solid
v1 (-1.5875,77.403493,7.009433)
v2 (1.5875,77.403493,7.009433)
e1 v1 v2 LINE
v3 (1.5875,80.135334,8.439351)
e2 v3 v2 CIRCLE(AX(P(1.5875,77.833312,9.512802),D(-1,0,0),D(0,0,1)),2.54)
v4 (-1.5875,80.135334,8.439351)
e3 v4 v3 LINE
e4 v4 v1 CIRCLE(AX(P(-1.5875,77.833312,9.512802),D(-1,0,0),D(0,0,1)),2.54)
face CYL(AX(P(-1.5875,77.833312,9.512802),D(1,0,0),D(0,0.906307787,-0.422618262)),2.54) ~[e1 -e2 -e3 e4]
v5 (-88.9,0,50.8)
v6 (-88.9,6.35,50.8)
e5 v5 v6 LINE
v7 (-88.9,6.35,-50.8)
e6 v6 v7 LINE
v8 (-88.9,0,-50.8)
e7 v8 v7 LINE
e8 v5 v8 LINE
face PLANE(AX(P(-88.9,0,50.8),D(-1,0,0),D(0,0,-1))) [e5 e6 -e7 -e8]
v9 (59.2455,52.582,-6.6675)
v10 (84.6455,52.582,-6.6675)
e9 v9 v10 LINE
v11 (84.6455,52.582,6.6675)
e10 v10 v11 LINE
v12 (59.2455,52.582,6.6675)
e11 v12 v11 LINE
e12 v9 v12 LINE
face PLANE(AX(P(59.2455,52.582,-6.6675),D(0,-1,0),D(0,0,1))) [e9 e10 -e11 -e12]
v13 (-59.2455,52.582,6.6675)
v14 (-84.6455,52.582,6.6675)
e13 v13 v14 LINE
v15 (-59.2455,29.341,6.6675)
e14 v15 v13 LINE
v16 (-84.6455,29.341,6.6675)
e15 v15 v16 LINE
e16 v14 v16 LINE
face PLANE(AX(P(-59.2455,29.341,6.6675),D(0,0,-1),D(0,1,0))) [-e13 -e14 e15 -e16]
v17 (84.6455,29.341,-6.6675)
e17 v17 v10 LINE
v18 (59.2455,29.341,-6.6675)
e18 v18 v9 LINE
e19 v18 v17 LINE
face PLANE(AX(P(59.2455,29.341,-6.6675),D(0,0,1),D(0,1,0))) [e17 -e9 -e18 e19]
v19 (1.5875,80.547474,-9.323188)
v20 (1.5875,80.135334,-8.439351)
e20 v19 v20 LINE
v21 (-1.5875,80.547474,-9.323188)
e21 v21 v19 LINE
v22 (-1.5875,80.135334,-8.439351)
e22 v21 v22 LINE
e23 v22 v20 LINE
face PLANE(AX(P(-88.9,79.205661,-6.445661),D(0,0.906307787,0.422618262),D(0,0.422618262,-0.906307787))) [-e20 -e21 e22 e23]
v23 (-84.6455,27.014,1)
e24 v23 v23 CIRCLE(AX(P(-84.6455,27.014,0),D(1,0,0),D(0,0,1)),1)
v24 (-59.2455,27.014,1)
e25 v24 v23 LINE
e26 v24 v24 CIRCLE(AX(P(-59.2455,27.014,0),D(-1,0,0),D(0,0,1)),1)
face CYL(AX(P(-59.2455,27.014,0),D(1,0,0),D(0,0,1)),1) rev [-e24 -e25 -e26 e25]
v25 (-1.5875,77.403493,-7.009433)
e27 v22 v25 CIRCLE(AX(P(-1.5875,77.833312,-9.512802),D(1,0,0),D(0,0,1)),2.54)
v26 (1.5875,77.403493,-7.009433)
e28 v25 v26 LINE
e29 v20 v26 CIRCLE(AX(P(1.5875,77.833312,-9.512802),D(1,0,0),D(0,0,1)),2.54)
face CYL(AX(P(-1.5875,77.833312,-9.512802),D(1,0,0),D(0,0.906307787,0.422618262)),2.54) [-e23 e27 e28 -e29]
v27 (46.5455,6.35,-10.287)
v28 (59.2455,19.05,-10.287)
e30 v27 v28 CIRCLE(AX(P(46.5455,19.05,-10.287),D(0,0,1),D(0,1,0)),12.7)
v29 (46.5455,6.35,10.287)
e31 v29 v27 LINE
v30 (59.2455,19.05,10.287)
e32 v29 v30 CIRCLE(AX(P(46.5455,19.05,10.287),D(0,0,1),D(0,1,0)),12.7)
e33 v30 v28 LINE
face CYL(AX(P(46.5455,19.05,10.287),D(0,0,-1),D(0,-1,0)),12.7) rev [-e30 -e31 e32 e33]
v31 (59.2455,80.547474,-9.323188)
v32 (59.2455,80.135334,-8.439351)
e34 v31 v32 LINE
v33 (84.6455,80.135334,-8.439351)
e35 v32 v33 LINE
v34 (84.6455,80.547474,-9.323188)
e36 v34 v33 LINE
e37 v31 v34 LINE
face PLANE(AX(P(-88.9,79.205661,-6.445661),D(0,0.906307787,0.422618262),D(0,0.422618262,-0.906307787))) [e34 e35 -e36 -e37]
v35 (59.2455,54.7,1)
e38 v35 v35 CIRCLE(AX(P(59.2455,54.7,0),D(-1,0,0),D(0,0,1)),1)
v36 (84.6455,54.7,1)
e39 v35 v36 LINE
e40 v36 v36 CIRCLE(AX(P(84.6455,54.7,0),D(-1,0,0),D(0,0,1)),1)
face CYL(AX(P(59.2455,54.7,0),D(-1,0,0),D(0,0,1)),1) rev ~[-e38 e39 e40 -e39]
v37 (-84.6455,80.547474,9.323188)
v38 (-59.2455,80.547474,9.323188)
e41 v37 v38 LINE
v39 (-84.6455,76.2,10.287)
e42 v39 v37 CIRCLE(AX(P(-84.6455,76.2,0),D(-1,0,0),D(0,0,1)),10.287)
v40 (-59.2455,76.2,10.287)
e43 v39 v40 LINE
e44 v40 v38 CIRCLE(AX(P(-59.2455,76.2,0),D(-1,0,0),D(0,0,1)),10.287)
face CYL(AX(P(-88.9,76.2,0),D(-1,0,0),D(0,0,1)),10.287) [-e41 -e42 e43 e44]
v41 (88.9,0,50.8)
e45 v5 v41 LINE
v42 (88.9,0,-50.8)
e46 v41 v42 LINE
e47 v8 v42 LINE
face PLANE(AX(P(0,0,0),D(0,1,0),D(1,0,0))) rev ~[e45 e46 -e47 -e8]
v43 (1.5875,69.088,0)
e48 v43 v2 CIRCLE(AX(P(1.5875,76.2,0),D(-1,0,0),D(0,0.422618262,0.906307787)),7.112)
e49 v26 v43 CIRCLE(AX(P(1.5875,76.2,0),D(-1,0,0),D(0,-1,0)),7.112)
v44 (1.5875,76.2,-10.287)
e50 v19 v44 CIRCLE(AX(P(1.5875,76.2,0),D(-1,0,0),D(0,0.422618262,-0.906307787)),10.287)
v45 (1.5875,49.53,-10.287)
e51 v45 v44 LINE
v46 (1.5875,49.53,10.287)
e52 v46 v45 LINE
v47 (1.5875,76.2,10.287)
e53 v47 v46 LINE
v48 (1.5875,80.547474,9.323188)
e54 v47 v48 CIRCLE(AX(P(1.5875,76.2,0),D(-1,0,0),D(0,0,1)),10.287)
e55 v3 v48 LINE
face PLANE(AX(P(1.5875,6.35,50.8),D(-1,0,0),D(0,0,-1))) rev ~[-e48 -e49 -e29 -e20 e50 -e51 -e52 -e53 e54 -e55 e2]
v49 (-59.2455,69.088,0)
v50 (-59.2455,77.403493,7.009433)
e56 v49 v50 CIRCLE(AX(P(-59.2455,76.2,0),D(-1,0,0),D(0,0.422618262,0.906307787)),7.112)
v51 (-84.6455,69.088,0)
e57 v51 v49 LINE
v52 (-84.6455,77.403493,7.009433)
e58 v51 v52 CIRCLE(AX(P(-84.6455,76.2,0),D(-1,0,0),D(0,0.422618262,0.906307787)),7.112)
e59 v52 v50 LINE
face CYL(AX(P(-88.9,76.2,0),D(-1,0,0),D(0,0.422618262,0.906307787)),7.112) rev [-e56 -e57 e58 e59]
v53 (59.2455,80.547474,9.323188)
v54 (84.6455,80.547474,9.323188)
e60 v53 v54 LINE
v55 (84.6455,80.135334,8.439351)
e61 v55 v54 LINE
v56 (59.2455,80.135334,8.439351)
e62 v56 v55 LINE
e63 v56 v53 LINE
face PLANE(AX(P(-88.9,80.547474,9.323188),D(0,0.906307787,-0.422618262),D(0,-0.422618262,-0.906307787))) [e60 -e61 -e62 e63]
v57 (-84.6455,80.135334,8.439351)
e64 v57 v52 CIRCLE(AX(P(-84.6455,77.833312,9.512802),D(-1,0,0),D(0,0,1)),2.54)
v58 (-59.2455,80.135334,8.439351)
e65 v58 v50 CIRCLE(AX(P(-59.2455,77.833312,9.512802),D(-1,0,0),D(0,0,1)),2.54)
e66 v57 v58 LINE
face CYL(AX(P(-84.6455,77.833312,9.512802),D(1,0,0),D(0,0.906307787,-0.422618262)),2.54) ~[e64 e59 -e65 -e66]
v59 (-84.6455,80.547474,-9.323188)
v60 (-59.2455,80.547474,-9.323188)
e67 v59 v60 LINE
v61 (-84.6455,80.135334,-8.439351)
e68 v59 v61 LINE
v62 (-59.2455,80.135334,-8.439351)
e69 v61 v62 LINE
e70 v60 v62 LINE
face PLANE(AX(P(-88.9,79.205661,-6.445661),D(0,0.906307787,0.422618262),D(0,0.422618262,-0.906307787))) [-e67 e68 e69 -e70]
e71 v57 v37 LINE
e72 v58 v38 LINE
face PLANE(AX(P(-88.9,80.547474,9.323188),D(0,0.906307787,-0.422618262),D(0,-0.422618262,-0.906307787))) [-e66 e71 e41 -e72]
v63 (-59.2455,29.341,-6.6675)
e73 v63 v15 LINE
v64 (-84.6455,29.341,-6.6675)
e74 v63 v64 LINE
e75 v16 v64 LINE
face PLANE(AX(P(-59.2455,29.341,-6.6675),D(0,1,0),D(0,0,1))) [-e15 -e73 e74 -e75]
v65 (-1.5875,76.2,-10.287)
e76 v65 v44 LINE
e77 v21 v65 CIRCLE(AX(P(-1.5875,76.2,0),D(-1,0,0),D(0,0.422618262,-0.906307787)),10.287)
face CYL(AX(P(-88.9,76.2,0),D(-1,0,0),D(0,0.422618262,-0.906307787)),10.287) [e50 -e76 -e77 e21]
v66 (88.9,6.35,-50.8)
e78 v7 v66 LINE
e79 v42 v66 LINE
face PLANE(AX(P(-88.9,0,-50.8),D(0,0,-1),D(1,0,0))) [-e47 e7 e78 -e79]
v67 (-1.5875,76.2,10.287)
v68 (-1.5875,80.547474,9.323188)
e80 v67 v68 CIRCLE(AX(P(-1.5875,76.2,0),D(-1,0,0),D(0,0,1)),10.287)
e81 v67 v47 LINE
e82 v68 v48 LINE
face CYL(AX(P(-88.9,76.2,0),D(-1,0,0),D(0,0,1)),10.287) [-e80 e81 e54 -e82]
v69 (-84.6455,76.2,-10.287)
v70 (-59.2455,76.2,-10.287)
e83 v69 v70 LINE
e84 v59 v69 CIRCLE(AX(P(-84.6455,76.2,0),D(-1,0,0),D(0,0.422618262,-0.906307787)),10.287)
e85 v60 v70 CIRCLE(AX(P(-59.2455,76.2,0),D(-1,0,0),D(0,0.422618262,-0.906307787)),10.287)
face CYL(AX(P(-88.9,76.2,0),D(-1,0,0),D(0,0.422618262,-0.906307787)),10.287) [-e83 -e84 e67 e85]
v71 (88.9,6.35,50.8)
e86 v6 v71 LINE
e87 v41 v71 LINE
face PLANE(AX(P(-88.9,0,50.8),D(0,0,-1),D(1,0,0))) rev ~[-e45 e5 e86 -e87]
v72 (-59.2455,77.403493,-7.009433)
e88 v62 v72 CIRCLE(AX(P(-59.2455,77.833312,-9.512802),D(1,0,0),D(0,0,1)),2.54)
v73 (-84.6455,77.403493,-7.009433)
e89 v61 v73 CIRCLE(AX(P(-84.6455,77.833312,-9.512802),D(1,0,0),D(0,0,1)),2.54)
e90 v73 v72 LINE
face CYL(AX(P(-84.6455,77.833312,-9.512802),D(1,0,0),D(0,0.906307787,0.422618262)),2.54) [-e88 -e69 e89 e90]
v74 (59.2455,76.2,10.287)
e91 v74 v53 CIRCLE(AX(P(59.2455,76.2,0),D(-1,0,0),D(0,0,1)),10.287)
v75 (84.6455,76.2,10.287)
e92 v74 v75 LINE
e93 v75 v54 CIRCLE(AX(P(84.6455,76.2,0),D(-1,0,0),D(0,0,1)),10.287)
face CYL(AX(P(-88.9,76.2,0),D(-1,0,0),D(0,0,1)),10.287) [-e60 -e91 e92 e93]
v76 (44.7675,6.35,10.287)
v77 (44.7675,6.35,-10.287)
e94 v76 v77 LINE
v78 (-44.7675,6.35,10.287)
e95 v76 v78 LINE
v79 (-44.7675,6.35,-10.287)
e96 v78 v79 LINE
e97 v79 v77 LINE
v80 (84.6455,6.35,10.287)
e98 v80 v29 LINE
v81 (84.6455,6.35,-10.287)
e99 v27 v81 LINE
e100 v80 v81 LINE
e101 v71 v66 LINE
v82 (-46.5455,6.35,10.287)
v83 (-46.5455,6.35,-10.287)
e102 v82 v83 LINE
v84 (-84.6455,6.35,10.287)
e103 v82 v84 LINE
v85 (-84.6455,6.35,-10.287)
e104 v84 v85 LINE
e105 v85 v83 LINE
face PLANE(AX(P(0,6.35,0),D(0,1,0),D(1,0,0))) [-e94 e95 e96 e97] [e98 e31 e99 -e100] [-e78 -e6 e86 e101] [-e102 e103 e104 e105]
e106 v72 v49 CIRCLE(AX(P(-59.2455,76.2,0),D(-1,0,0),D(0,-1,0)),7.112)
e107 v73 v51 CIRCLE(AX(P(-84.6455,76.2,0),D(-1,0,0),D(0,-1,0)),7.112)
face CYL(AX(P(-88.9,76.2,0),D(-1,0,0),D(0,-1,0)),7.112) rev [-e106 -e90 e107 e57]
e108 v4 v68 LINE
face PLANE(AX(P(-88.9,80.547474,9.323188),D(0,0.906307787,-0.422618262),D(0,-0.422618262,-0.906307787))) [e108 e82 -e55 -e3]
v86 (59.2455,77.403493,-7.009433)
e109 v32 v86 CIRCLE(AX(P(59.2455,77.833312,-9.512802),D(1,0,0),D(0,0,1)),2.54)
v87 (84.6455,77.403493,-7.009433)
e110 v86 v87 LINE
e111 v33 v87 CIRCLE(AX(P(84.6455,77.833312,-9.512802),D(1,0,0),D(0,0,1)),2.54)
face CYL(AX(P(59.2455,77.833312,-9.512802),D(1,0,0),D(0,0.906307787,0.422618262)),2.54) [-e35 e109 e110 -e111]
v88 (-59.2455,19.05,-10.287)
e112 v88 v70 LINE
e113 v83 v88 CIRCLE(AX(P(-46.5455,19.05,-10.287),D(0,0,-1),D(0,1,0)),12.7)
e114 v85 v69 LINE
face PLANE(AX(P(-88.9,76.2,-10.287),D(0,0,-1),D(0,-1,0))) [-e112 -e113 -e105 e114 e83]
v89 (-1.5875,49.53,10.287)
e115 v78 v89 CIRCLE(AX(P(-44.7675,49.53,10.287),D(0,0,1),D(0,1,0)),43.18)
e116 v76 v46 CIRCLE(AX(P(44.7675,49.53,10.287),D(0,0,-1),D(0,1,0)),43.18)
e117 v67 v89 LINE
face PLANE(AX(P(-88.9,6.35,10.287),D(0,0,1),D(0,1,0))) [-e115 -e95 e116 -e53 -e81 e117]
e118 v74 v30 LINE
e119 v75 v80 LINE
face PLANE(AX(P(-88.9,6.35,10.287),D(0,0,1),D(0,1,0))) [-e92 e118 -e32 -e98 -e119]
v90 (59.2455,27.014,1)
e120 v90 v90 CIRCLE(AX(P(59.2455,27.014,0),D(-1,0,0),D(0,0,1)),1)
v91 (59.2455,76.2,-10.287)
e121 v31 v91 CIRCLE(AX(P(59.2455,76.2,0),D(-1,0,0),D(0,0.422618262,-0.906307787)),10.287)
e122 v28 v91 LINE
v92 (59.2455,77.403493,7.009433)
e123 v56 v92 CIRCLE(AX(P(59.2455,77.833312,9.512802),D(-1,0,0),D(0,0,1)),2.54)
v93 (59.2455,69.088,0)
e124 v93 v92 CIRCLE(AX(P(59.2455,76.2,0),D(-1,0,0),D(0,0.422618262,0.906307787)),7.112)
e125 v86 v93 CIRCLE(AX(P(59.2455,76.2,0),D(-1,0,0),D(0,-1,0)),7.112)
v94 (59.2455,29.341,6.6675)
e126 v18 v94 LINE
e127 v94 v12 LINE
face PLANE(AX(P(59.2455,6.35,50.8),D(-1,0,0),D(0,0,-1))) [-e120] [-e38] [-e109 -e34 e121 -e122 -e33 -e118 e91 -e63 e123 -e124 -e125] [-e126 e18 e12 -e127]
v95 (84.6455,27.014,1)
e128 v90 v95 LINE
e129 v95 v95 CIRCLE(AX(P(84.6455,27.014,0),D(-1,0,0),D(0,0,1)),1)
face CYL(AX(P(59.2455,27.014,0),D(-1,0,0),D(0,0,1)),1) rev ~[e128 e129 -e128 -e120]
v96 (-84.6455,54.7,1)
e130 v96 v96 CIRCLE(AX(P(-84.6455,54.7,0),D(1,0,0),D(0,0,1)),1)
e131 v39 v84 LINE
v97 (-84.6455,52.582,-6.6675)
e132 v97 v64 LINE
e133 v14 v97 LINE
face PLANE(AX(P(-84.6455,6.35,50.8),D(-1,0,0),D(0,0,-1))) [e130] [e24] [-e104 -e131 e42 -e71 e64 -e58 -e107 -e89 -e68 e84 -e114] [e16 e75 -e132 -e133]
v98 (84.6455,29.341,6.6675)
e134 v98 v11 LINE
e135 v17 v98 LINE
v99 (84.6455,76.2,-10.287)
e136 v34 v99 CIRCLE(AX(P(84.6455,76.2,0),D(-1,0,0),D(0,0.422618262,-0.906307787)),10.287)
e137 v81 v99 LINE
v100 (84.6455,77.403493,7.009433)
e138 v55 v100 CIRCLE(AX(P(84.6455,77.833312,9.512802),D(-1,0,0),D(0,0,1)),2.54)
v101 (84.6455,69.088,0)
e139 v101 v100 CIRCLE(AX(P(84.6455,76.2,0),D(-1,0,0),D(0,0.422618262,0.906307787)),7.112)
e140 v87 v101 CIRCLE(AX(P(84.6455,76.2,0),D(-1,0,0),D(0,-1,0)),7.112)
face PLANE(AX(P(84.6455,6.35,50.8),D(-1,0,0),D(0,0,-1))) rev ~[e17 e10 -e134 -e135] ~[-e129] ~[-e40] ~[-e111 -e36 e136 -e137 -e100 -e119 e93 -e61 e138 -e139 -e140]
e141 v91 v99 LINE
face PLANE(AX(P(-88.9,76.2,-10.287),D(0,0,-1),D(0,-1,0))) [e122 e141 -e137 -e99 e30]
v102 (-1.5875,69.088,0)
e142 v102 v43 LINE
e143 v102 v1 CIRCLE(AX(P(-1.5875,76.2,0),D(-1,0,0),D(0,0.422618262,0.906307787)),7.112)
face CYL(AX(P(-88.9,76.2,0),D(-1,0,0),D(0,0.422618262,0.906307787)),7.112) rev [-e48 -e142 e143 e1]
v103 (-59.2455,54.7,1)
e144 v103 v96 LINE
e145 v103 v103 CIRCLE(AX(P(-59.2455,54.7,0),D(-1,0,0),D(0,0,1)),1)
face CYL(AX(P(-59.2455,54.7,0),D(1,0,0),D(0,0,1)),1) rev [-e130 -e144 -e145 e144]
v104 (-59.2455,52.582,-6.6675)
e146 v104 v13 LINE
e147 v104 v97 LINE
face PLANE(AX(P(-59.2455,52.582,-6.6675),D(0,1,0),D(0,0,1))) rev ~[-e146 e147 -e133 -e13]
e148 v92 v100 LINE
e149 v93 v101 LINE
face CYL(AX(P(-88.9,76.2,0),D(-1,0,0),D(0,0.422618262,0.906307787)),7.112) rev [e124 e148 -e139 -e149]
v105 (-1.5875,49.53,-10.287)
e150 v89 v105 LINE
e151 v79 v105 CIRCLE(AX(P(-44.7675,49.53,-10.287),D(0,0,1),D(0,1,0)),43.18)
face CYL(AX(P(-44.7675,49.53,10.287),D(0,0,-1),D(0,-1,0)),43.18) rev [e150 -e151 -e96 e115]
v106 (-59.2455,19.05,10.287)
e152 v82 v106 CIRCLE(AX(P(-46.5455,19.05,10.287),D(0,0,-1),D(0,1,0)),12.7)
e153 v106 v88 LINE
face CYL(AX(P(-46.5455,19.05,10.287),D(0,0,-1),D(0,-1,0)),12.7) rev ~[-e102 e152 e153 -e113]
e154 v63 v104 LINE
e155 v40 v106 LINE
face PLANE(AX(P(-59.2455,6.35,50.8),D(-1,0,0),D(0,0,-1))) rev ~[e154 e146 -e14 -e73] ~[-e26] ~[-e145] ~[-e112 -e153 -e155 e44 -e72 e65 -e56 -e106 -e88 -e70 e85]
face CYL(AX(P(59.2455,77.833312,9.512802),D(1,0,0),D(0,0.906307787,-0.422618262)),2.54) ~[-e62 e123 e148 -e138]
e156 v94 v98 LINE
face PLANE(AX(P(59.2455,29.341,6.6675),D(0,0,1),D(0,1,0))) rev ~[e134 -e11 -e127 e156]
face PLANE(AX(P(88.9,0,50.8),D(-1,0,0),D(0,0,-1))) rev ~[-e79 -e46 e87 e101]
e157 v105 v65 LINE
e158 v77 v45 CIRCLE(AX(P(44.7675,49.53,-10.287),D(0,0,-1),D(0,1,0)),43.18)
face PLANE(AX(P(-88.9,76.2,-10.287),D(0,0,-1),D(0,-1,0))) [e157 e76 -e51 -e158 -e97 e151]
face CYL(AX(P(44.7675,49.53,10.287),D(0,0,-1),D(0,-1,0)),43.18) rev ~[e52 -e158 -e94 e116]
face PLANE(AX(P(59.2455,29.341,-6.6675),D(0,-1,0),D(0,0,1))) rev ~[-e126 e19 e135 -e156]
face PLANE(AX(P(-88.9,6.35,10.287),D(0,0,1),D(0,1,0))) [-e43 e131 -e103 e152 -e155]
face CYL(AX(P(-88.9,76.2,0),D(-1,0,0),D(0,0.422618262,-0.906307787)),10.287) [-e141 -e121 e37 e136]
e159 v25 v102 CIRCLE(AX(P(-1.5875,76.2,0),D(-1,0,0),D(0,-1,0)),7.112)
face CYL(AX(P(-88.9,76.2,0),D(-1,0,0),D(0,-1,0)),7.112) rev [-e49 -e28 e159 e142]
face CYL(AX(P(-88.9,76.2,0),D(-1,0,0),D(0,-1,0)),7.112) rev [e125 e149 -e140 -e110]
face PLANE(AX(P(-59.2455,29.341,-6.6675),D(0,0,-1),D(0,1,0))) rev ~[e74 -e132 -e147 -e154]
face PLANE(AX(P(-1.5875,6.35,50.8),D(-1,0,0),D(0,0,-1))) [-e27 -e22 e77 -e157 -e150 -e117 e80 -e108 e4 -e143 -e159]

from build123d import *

# Parameters (mm, degrees)
SKETCH1_W           = 177.8
SKETCH1_H           = 101.6
BOSS_EXTRUDE1_DEPTH = 6.35
BOSS_EXTRUDE2_DEPTH = 177.8
SKETCH3_W           = 57.658
SKETCH3_H           = 101.6
SKETCH3_W_2         = 4.2545
CUT_EXTRUDE1_DEPTH  = 127.448072965
FILLET1_R           = 43.18
FILLET2_R           = 12.7
SKETCH5_R           = 1
SKETCH5_W           = 13.335
SKETCH5_H           = 23.241
CUT_EXTRUDE2_DEPTH  = 177.112534328
CUT_EXTRUDE3_START  = 118.491
SKETCH5_2_R         = 1
SKETCH5_2_W         = 13.335
SKETCH5_2_H         = 23.241
CUT_EXTRUDE3_DEPTH  = 58.621534328
FILLET4_R           = 2.54


with BuildPart() as part:
    # Sketch1 → Boss-Extrude1 (new body)
    with BuildSketch(Plane(origin=(0, 0, 0), x_dir=(1, 0, 0), z_dir=(0, 1, 0))):
        Rectangle(SKETCH1_W, SKETCH1_H)
    extrude(amount=BOSS_EXTRUDE1_DEPTH)

    # Sketch2 → Boss-Extrude2 (add)
    with BuildSketch(Plane.ZY.offset(88.9)):
        with BuildLine():
            Line((0, 69.088), (0, 6.35))
            Line((0, 6.35), (10.287, 6.35))
            Line((10.287, 6.35), (10.287, 76.2))
            ThreePointArc((10.287, 76.2), (10.043157025, 78.426514309), (9.323188205, 80.547474059))
            Line((9.323188205, 80.547474059), (6.445660981, 79.205661077))
            ThreePointArc((6.445660981, 79.205661077), (5.998199963, 72.378725185), (0, 69.088))
        make_face()
        with BuildLine():
            Line((-10.287, 76.2), (-10.287, 6.35))
            Line((-10.287, 6.35), (0, 6.35))
            Line((0, 6.35), (0, 69.088))
            ThreePointArc((0, 69.088), (-5.998199963, 72.378725185), (-6.445660981, 79.205661077))
            Line((-6.445660981, 79.205661077), (-9.323188205, 80.547474059))
            ThreePointArc((-9.323188205, 80.547474059), (-10.043157025, 78.426514309), (-10.287, 76.2))
        make_face()
    extrude(amount=-BOSS_EXTRUDE2_DEPTH)

    # Sketch3 → Cut-Extrude1 (cut, through all)
    with BuildSketch(Plane(origin=(0, 6.35, 0), x_dir=(1, 0, 0), z_dir=(0, 1, 0))):
        with Locations((-30.4165, 0)):
            Rectangle(SKETCH3_W, SKETCH3_H)
        with Locations((30.4165, 0)):
            Rectangle(SKETCH3_W, SKETCH3_H)
        with Locations((86.77275, 0)):
            Rectangle(SKETCH3_W_2, SKETCH3_H)
        with Locations((-86.77275, 0)):
            Rectangle(SKETCH3_W_2, SKETCH3_H)
    extrude(amount=CUT_EXTRUDE1_DEPTH, mode=Mode.SUBTRACT)

    # Fillet1
    fillet1_edges = [part.edges().sort_by_distance(p)[0] for p in [
        (1.5875, 6.35, 0),
        (-1.5875, 6.35, 0),
    ]]
    fillet(fillet1_edges, radius=FILLET1_R)

    # Fillet2
    fillet2_edges = [part.edges().sort_by_distance(p)[0] for p in [
        (59.2455, 6.35, 0),
        (-59.2455, 6.35, 0),
    ]]
    fillet(fillet2_edges, radius=FILLET2_R)

    # Sketch5 → Cut-Extrude2 (cut, through all)
    with BuildSketch(Plane.ZY.offset(-59.2455)):
        with Locations((0, 54.7)):
            Circle(SKETCH5_R)
        with Locations((0, 27.014)):
            Circle(SKETCH5_R)
        with Locations((0, 40.9615)):
            Rectangle(SKETCH5_W, SKETCH5_H)
    extrude(amount=-CUT_EXTRUDE2_DEPTH, mode=Mode.SUBTRACT)

    # Sketch5<2> → Cut-Extrude3 (cut, through all)
    with BuildSketch(Plane.ZY.offset(-59.2455).offset(CUT_EXTRUDE3_START)):
        with Locations((0, 54.7)):
            Circle(SKETCH5_2_R)
        with Locations((0, 27.014)):
            Circle(SKETCH5_2_R)
        with Locations((0, 40.9615)):
            Rectangle(SKETCH5_2_W, SKETCH5_2_H)
    extrude(amount=CUT_EXTRUDE3_DEPTH, mode=Mode.SUBTRACT)

    # Fillet4
    fillet4_edges = [part.edges().sort_by_distance(p)[0] for p in [
        (71.9455, 79.205661077, -6.445660981),
        (0, 79.205661077, -6.445660981),
        (-71.9455, 79.205661077, -6.445660981),
        (71.9455, 79.205661077, 6.445660981),
        (0, 79.205661077, 6.445660981),
        (-71.9455, 79.205661077, 6.445660981),
    ]]
    fillet(fillet4_edges, radius=FILLET4_R)


solid = part.part
